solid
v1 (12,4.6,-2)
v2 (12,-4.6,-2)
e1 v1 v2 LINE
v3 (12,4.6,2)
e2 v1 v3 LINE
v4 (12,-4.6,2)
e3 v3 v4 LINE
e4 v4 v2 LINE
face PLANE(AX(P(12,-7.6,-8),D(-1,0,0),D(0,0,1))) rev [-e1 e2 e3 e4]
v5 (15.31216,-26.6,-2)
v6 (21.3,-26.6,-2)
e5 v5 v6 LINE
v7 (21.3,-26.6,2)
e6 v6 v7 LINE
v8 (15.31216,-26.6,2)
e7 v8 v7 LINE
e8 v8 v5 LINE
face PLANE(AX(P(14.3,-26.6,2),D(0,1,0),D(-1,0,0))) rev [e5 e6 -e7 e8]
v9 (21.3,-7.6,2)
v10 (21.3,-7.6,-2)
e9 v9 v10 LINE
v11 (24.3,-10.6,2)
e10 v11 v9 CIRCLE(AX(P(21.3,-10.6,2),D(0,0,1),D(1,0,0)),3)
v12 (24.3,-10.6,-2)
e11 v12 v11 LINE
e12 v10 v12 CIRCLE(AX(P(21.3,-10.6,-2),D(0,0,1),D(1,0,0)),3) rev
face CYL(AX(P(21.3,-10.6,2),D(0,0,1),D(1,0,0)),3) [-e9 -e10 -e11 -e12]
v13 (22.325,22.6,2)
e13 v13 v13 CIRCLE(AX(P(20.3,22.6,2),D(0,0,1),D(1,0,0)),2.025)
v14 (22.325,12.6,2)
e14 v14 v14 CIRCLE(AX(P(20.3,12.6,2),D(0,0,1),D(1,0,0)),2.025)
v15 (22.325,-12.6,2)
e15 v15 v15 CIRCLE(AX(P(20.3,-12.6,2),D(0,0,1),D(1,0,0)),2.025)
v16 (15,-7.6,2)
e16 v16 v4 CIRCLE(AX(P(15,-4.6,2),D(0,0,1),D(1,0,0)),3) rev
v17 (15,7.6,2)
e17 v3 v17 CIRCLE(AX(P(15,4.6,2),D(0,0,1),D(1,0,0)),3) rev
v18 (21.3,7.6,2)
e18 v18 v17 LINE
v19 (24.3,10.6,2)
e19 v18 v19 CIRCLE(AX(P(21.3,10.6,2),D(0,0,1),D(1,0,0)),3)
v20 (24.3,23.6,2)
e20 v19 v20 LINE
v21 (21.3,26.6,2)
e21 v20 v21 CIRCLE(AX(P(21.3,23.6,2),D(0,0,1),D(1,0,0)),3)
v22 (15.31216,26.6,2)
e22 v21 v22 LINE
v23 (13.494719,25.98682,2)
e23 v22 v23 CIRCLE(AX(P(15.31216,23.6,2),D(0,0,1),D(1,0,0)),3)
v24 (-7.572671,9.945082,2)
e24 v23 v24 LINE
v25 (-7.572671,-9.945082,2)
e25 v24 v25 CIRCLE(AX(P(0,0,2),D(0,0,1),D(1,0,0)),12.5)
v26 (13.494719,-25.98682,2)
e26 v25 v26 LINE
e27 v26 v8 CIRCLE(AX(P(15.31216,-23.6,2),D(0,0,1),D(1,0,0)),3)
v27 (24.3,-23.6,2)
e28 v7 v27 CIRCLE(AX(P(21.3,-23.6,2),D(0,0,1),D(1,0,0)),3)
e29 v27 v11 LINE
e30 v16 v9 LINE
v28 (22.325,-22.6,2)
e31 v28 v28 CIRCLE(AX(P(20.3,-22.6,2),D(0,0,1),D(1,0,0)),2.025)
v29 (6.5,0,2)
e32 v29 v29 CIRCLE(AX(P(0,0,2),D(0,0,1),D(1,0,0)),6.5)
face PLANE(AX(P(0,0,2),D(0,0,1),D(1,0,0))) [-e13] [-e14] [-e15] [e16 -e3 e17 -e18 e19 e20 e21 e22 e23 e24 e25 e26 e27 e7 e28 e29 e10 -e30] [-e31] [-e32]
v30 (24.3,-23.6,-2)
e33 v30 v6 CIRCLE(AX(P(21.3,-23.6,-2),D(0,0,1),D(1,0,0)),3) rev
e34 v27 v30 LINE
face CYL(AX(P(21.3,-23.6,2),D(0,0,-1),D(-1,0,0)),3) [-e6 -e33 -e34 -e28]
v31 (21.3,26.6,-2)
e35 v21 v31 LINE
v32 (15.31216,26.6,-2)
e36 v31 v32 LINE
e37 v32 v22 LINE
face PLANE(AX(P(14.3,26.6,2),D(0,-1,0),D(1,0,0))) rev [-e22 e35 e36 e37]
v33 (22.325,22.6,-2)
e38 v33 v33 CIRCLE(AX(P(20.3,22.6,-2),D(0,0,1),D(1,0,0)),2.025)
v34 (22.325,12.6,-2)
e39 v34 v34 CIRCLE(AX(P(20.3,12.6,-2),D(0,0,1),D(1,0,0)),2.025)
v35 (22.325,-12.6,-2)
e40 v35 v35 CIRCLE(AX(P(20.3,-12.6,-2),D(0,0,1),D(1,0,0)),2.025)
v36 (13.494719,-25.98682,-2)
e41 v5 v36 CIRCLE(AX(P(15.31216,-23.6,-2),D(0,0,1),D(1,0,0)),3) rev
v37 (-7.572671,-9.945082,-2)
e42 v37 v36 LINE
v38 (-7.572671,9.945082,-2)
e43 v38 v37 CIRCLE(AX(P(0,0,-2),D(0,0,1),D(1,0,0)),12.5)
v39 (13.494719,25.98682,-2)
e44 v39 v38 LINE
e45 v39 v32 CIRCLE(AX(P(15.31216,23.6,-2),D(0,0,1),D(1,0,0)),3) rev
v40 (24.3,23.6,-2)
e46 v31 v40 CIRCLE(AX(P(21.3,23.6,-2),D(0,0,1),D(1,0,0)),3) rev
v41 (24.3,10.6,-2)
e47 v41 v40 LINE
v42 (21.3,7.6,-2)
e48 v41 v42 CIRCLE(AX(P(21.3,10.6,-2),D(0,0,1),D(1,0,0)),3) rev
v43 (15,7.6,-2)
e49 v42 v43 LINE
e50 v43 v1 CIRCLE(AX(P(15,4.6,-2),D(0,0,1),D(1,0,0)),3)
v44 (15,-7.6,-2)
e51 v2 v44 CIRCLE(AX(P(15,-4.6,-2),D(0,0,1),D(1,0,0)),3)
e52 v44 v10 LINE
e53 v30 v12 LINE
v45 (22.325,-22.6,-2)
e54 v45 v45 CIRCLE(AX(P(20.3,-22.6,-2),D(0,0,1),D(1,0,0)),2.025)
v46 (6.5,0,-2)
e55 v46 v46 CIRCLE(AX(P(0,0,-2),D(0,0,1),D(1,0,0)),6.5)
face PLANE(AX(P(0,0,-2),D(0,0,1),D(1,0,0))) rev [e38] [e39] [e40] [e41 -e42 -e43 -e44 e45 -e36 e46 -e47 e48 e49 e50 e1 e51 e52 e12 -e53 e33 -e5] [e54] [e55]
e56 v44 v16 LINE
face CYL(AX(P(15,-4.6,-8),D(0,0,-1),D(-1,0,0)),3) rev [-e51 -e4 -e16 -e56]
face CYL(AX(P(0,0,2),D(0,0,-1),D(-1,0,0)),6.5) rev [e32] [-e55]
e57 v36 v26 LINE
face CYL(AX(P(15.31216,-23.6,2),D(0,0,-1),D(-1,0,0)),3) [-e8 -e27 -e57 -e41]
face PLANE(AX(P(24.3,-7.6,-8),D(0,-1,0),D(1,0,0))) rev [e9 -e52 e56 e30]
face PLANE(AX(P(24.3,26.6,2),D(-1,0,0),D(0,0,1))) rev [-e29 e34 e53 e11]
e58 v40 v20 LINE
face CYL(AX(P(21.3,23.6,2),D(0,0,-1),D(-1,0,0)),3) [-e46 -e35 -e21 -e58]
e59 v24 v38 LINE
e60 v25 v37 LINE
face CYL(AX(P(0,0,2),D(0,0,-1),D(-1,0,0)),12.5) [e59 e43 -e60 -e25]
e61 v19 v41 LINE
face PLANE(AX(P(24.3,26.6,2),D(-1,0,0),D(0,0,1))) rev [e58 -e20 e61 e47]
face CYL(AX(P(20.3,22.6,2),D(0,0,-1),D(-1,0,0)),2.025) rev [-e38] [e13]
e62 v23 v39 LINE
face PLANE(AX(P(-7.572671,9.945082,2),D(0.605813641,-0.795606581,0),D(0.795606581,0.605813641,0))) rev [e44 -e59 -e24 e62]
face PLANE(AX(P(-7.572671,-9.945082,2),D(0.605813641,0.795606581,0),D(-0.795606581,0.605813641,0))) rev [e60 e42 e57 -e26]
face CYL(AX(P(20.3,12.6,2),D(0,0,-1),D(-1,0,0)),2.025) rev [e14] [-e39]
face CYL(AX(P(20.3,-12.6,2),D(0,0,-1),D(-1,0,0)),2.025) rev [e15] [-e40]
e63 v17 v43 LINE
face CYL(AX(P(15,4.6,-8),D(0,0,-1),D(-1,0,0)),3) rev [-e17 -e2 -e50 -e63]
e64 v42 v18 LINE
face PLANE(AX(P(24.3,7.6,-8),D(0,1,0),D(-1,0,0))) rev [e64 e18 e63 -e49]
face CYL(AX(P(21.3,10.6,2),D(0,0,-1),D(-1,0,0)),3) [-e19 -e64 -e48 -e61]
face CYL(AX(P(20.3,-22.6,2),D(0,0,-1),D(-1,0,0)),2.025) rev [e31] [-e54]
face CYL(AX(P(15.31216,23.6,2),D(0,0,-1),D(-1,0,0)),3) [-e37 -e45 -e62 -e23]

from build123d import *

# Parameters (mm, degrees)
SKETCH_1_R          = 6.5
SKETCH_1_R_2        = 2.025
EXTRUDE_1_DEPTH     = 2
SKETCH_2_W          = 12.3
SKETCH_2_H          = 15.2
CUT_EXTRUDE_1_DEPTH = 10
FILLET_1_R          = 3


with BuildPart() as part:
    # 草图1 → 凸台-拉伸1 (new, symmetric)
    with BuildSketch(Plane.XY):
        with BuildLine():
            Line((-7.572670512, 9.945082268), (14.3, 26.6))
            Line((14.3, 26.6), (24.3, 26.6))
            Line((24.3, 26.6), (24.3, -26.6))
            Line((24.3, -26.6), (14.3, -26.6))
            Line((14.3, -26.6), (-7.572670512, -9.945082268))
            ThreePointArc((-7.572670512, -9.945082268), (-12.5, 0), (-7.572670512, 9.945082268))
        make_face()
        Circle(SKETCH_1_R, mode=Mode.SUBTRACT)
        with Locations((20.3, 22.6)):
            Circle(SKETCH_1_R_2, mode=Mode.SUBTRACT)
        with Locations((20.3, 12.6)):
            Circle(SKETCH_1_R_2, mode=Mode.SUBTRACT)
        with Locations((20.3, -12.6)):
            Circle(SKETCH_1_R_2, mode=Mode.SUBTRACT)
        with Locations((20.3, -22.6)):
            Circle(SKETCH_1_R_2, mode=Mode.SUBTRACT)
    extrude(amount=EXTRUDE_1_DEPTH, both=True)

    # 草图2 → 切除-拉伸1 (cut)
    with BuildSketch(Plane.XY.offset(2)):
        with Locations((18.15, 0)):
            Rectangle(SKETCH_2_W, SKETCH_2_H)
    extrude(amount=-CUT_EXTRUDE_1_DEPTH, mode=Mode.SUBTRACT)

    # 圆角1
    fillet_1_edges = [part.edges().sort_by_distance(p)[0] for p in [
        (24.3, -26.6, 0),
        (14.3, -26.6, 0),
        (14.3, 26.6, 0),
        (24.3, 26.6, 0),
        (24.3, 7.6, 0),
        (24.3, -7.6, 0),
        (12, -7.6, 0),
        (12, 7.6, 0),
    ]]
    fillet(fillet_1_edges, radius=FILLET_1_R)


solid = part.part
